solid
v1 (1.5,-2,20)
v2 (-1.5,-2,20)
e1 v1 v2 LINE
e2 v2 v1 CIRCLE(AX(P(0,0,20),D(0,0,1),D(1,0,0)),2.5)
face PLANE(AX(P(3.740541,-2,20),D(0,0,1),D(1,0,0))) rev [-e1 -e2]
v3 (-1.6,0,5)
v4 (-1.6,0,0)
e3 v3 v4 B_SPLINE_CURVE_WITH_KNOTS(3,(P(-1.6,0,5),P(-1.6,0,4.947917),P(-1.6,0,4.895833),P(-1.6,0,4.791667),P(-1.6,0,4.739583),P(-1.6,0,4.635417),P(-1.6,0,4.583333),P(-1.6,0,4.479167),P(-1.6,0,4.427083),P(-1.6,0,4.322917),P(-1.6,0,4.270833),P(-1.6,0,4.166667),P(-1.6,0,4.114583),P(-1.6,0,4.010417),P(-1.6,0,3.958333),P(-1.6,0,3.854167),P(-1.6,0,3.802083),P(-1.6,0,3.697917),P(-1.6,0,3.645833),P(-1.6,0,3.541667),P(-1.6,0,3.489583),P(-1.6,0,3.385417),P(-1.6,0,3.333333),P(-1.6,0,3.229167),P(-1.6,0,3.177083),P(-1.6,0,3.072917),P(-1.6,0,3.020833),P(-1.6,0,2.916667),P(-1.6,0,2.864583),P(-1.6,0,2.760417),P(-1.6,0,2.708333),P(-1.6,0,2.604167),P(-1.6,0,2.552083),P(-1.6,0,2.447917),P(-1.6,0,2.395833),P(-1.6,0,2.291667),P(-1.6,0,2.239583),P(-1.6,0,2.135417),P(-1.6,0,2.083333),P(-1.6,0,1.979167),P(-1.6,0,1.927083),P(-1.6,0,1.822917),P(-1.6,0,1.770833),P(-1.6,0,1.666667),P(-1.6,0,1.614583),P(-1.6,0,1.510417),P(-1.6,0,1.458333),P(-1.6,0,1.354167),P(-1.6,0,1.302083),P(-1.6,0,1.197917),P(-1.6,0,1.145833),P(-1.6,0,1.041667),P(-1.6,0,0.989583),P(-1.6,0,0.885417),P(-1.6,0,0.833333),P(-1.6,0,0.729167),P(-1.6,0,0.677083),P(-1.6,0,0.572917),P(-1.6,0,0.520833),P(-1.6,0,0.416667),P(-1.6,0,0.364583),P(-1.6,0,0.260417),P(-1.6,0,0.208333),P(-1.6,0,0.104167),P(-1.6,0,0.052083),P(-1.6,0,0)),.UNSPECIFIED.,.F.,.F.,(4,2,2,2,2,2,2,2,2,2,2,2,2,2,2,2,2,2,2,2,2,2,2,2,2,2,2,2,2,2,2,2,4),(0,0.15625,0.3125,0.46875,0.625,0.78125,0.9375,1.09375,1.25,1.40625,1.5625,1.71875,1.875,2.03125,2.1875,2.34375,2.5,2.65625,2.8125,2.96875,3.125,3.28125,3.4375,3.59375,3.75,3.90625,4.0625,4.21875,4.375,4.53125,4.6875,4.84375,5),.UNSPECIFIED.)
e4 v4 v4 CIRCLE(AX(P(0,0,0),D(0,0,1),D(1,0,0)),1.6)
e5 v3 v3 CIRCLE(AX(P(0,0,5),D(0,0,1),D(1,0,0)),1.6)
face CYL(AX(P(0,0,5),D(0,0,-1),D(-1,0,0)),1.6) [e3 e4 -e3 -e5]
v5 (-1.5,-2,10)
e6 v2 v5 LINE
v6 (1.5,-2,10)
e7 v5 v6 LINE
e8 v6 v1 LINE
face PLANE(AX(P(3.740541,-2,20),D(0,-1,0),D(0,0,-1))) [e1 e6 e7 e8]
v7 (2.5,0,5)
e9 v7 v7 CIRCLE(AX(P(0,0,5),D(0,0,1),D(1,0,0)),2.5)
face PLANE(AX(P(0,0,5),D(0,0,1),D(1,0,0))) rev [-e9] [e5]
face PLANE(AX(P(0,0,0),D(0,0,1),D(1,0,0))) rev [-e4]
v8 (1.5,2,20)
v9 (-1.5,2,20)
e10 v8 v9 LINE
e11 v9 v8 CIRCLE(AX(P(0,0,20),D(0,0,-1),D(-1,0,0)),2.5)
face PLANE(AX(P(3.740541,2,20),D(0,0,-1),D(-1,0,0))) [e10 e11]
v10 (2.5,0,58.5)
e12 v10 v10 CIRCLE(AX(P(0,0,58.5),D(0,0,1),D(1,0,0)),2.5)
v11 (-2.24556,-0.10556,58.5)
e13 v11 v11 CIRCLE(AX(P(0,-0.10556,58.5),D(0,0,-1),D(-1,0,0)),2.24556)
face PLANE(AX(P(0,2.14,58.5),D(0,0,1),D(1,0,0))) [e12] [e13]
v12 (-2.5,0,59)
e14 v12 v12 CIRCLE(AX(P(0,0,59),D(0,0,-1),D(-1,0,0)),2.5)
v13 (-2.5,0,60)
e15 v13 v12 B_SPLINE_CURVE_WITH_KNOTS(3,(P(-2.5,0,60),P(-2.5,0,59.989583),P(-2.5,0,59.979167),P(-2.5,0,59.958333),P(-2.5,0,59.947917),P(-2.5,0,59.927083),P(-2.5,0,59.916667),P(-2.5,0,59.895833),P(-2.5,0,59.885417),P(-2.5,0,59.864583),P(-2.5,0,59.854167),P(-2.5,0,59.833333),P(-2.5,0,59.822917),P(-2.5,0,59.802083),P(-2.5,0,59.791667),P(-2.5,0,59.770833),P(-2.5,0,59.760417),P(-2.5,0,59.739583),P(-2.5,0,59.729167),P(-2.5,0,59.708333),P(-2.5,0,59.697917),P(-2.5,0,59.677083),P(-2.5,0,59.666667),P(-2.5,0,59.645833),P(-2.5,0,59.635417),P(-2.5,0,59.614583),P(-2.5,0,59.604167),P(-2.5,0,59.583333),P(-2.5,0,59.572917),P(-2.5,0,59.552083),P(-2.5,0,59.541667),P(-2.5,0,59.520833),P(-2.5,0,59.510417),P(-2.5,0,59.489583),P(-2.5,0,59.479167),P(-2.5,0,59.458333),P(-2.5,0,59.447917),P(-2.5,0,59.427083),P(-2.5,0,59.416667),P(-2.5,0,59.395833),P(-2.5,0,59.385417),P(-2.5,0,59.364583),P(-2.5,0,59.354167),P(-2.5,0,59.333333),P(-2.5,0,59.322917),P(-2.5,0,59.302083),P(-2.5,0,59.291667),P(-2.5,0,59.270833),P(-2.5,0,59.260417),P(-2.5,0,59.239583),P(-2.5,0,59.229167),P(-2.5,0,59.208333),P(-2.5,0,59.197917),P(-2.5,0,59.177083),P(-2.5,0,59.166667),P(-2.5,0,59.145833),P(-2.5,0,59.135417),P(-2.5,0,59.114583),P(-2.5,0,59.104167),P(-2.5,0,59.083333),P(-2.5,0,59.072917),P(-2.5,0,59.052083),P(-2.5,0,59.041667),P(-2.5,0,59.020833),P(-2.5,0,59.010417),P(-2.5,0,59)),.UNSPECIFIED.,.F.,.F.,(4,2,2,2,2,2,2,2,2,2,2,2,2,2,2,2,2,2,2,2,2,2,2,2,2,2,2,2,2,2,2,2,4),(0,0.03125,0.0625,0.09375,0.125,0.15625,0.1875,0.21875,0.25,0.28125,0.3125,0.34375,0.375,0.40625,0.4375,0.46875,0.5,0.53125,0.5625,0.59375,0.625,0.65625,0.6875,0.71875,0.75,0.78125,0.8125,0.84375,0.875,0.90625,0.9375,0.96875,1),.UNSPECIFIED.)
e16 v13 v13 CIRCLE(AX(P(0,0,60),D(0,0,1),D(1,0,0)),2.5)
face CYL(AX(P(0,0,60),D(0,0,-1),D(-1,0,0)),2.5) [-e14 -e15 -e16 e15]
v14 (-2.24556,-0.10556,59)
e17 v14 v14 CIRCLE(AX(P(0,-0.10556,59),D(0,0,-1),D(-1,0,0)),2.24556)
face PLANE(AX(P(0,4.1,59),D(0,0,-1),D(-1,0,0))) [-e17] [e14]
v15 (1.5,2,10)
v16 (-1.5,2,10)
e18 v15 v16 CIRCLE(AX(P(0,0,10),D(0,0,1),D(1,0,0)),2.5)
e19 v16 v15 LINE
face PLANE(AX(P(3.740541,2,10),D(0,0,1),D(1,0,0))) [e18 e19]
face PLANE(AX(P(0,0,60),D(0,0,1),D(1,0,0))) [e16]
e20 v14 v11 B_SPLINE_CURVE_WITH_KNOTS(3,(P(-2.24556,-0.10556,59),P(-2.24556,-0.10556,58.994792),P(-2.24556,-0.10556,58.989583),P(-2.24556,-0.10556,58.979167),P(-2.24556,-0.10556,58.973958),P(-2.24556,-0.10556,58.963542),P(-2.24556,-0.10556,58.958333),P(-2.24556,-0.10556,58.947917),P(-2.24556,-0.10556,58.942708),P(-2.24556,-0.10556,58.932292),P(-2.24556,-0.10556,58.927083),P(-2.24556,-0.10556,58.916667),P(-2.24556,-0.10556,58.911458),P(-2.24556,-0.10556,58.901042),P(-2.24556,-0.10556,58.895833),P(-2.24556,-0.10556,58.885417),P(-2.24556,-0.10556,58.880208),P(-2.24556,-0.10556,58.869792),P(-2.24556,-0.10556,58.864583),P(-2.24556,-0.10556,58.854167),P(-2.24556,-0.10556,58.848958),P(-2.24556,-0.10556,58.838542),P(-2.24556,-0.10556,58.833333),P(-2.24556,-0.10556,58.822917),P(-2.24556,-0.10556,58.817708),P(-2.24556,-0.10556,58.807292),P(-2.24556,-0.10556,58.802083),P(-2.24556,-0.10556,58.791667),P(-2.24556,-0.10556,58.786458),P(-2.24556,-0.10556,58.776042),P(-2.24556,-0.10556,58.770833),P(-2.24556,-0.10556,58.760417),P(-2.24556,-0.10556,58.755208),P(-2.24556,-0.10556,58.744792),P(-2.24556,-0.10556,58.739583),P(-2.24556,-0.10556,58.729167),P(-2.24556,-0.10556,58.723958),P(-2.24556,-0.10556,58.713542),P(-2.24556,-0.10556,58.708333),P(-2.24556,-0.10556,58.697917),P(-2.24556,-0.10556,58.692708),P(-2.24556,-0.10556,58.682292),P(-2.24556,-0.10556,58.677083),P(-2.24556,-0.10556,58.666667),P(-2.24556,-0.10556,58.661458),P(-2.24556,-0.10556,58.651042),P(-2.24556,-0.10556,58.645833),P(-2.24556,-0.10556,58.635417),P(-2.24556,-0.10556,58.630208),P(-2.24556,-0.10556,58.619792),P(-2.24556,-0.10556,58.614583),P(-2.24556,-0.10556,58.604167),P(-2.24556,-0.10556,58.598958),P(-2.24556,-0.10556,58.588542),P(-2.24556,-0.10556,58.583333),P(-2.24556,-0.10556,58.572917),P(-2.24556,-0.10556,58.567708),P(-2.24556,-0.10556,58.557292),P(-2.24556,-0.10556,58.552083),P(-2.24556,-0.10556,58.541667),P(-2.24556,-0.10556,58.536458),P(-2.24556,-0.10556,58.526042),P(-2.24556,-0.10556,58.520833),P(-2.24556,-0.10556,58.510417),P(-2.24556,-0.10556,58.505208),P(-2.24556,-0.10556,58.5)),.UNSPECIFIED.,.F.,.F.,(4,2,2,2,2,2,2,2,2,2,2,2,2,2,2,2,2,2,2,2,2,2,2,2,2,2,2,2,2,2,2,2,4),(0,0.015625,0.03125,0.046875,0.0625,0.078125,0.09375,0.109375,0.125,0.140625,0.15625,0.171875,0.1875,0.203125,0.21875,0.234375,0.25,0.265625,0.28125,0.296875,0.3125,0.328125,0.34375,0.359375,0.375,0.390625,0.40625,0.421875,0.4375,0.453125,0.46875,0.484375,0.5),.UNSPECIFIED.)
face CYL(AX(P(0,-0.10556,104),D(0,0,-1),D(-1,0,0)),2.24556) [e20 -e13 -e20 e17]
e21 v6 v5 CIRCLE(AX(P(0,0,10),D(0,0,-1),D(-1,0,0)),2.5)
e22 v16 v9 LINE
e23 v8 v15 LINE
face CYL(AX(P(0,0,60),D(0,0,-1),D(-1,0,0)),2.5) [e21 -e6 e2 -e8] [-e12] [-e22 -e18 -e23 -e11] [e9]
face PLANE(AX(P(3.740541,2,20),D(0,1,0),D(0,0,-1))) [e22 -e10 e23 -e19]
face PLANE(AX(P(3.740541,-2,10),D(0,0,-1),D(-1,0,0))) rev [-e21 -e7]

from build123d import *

# Parameters (mm, degrees)
SKETCH1_R           = 1.6
BOSS_EXTRUDE1_DEPTH = 5
SKETCH2_R           = 2.5
BOSS_EXTRUDE2_DEPTH = 55
SKETCH5_W           = 8.290876423
SKETCH5_H           = 10
CUT_EXTRUDE1_DEPTH  = 0.5


with BuildPart() as part:
    # Sketch1 → Boss-Extrude1 (new body)
    with BuildSketch(Plane.XY):
        Circle(SKETCH1_R)
    extrude(amount=BOSS_EXTRUDE1_DEPTH)

    # Sketch2 → Boss-Extrude2 (add)
    with BuildSketch(Plane.XY.offset(5)):
        Circle(SKETCH2_R)
    extrude(amount=BOSS_EXTRUDE2_DEPTH)

    # Sketch4 → Groove for ANSI B27.7 - 3BM1-8, Basic Internal Retaining Ring1 (revolve, cut)
    with BuildSketch(Plane(origin=(0, 0, 54), x_dir=(0, 1, 0), z_dir=(-1, 0, 0)), mode=Mode.PRIVATE) as groove_for_ansi_b27_7_3bm1_8_basic_in_sk:
        with BuildLine():
            Line((4.1, -5), (2.14, -5))
            Line((2.14, -5), (2.14, -4.5))
            Line((2.14, -4.5), (4.1, -4.5))
            ThreePointArc((4.1, -4.5), (4.170710678, -4.529289322), (4.2, -4.6))
            Line((4.2, -4.6), (4.2, -4.9))
            ThreePointArc((4.2, -4.9), (4.170710678, -4.970710678), (4.1, -5))
        make_face()
    revolve(groove_for_ansi_b27_7_3bm1_8_basic_in_sk.sketch.rotate(Axis((0, -0.105559952, 104), (0, 0, -1)), 270), axis=Axis((0, -0.105559952, 104), (0, 0, -1)), mode=Mode.SUBTRACT)

    # Sketch5 → Cut-Extrude1 (cut)
    with BuildSketch(Plane.XZ.offset(2.5)):
        with Locations((-0.404897295, 15)):
            Rectangle(SKETCH5_W, SKETCH5_H)
    cut_extrude1 = extrude(amount=-CUT_EXTRUDE1_DEPTH, mode=Mode.SUBTRACT)

    # Mirror1: Cut-Extrude1 across plane
    add(cut_extrude1.mirror(Plane.ZX), mode=Mode.SUBTRACT)


solid = part.part
